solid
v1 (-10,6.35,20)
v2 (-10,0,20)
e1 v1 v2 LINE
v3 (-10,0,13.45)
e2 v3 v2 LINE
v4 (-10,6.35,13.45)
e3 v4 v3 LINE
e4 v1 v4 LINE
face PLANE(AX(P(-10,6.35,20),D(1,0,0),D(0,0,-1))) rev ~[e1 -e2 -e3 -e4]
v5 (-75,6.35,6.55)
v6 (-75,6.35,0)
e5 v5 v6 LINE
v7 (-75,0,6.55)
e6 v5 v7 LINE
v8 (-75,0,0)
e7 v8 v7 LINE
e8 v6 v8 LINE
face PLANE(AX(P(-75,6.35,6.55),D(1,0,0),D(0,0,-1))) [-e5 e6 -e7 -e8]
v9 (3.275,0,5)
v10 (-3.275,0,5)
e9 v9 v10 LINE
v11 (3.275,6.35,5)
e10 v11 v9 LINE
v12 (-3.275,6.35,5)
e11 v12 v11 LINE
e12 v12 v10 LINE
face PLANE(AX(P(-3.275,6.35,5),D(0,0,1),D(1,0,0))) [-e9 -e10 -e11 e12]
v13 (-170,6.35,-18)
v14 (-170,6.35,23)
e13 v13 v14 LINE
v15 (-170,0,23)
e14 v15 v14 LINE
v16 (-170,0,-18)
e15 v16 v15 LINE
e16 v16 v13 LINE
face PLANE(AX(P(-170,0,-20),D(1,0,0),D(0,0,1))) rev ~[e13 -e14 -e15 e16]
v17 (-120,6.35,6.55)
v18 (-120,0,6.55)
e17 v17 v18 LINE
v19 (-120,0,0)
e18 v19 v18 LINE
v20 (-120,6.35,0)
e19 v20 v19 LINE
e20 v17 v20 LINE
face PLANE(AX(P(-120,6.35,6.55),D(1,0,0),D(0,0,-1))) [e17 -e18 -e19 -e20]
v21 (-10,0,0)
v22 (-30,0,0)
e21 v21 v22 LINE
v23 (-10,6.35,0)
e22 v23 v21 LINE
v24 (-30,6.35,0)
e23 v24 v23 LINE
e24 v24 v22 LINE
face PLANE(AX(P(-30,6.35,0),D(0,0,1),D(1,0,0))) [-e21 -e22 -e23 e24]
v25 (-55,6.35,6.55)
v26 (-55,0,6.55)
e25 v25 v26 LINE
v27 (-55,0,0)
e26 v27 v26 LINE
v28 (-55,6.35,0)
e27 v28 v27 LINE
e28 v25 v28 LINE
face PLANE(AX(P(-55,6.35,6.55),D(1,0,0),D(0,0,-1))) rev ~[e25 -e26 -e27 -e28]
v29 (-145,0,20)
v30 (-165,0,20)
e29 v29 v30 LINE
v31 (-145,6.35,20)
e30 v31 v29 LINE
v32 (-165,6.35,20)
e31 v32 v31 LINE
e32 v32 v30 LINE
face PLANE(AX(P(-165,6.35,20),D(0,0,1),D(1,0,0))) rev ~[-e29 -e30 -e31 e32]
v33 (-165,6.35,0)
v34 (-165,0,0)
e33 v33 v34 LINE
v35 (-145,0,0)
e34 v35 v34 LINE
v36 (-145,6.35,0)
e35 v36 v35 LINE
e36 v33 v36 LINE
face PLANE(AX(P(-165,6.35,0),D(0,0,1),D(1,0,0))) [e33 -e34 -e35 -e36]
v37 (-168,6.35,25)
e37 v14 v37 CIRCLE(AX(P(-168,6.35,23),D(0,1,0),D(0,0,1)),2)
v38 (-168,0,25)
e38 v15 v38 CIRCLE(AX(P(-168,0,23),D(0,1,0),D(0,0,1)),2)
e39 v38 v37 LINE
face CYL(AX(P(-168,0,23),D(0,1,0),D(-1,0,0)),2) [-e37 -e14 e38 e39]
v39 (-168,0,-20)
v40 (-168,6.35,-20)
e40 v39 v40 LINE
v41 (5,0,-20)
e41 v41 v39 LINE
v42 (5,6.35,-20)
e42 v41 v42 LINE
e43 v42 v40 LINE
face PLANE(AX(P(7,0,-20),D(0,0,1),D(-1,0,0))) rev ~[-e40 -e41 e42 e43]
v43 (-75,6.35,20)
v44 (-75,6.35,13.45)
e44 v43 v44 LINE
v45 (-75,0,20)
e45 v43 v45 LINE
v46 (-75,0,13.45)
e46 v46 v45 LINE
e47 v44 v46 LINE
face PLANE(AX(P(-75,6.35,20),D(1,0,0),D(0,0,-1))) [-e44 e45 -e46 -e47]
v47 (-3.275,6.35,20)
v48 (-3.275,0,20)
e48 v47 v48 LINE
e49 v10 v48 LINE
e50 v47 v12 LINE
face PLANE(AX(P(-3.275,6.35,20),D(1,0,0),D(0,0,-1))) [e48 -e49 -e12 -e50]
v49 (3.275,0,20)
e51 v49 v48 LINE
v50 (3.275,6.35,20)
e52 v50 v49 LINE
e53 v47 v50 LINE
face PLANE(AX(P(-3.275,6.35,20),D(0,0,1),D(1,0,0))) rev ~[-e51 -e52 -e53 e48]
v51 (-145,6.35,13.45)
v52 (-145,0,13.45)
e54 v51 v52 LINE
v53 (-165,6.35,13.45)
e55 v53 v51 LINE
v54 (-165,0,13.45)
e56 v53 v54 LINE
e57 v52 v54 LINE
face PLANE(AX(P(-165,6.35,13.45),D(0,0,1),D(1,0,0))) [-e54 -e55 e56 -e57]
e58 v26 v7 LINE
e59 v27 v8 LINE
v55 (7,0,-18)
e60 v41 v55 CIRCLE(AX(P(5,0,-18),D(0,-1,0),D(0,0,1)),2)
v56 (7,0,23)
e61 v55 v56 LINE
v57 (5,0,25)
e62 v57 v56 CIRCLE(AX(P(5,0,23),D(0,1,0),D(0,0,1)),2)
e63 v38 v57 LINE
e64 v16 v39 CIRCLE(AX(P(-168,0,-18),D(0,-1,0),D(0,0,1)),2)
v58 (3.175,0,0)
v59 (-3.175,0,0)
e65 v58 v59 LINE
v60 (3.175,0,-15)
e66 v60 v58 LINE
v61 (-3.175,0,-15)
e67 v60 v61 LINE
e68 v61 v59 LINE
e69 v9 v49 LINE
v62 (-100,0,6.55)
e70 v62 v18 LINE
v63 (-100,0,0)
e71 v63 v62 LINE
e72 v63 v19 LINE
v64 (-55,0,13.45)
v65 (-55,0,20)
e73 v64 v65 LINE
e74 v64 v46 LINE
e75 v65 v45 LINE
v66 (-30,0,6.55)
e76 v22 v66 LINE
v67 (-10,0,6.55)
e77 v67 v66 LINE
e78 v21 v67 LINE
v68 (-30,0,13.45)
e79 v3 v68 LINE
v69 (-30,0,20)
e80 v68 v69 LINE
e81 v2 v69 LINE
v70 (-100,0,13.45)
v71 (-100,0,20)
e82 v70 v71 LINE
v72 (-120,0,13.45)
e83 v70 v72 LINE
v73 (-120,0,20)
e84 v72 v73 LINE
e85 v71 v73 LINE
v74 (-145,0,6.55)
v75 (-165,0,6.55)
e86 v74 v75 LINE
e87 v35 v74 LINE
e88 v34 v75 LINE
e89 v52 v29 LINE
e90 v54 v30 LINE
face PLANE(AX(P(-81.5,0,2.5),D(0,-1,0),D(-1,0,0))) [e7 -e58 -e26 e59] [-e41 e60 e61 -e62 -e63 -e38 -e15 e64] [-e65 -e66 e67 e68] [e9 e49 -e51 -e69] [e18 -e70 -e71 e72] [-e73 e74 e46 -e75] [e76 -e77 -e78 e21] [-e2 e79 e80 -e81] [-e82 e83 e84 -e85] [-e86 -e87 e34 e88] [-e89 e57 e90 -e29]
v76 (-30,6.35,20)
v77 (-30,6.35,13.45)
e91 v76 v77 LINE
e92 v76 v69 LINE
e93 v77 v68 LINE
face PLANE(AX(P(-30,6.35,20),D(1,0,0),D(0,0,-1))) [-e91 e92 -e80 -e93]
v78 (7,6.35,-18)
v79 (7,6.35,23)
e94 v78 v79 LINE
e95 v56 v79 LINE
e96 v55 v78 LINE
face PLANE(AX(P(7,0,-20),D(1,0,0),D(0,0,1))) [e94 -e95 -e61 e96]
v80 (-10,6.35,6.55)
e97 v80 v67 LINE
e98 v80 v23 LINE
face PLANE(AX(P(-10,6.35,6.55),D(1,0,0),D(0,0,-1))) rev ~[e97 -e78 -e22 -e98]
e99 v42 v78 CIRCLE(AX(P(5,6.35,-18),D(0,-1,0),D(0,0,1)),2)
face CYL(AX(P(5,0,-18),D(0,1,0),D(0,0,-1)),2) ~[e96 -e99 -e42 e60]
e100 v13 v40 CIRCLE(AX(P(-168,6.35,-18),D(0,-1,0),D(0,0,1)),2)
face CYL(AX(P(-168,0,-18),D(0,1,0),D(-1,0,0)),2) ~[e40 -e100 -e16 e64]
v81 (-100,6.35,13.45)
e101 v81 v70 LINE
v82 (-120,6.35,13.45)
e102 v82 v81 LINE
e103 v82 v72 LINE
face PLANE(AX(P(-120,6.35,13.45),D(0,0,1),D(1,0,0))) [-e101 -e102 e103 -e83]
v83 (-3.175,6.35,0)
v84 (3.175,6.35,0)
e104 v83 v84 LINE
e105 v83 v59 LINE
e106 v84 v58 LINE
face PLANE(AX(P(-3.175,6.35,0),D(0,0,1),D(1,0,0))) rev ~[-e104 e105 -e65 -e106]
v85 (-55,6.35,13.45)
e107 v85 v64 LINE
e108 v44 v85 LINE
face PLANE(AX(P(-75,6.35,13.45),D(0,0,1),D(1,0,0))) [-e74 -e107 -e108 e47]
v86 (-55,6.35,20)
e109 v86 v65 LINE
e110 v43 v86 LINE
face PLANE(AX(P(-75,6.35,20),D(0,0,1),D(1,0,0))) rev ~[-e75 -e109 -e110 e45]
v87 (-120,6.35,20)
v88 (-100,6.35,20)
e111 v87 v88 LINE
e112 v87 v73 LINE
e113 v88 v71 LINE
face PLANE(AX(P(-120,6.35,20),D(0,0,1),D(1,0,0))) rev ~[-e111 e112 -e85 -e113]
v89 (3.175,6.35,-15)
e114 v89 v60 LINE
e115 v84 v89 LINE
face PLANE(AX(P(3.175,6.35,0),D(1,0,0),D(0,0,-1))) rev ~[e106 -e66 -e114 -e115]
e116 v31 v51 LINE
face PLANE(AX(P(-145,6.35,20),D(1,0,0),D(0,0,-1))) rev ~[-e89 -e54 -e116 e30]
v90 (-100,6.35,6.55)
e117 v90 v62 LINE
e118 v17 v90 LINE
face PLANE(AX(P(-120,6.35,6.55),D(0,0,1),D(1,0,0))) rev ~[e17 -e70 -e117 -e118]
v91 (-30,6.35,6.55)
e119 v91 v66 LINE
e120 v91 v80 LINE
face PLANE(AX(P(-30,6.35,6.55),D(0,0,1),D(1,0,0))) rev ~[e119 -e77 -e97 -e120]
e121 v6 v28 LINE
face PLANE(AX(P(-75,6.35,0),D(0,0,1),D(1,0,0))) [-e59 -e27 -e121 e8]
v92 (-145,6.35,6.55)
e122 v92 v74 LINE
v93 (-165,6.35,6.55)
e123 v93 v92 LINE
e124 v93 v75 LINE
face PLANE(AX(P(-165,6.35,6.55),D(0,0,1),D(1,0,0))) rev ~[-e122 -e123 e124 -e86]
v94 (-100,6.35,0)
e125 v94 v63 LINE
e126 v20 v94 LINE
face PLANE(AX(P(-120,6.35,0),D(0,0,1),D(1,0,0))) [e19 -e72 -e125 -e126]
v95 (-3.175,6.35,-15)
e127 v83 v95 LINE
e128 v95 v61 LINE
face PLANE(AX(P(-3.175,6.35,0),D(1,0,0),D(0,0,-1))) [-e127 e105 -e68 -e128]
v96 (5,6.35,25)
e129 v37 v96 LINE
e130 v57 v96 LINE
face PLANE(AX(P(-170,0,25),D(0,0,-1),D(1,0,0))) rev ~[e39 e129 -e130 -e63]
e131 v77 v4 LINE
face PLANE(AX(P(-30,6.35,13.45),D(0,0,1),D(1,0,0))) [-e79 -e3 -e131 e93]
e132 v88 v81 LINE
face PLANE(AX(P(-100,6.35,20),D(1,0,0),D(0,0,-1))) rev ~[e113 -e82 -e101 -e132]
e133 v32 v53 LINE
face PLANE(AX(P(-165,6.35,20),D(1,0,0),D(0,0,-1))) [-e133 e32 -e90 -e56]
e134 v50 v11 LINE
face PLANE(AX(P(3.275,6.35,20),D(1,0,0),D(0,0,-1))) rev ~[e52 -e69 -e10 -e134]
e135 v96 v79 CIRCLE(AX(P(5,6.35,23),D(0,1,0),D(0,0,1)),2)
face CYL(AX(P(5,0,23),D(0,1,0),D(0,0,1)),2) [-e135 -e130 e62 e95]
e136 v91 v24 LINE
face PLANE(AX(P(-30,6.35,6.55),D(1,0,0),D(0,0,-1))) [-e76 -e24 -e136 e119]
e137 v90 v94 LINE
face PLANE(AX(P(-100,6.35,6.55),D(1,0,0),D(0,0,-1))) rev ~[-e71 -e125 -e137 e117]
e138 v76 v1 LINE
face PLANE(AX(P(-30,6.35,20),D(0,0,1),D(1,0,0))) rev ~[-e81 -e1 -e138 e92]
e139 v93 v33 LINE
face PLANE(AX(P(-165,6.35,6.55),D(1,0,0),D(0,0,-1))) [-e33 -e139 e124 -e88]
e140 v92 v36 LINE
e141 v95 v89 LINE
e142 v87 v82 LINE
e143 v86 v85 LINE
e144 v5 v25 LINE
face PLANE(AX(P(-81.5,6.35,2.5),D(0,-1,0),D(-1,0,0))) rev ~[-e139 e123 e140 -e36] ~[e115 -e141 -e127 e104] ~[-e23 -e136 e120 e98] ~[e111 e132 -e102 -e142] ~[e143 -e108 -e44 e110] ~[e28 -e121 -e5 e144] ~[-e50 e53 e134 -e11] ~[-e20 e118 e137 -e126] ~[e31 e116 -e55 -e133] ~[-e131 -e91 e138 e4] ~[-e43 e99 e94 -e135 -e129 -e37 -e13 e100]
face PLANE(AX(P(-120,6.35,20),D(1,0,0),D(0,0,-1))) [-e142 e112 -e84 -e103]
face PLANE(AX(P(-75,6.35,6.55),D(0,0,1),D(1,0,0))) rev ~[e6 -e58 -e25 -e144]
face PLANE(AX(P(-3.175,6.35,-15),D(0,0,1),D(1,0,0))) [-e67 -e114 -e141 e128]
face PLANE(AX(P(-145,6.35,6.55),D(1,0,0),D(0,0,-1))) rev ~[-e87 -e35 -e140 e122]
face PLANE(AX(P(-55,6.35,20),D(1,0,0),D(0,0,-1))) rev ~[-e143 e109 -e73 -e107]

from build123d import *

# Parameters (mm, degrees)
BOSS_EXTRUDE1_DEPTH = 6.35
SKETCH2_W           = 20
SKETCH2_H           = 6.55
CUT_EXTRUDE1_DEPTH  = 172.94569637
SKETCH4_W           = 6.55
SKETCH4_H           = 15
SKETCH4_W_2         = 6.35
CUT_EXTRUDE2_DEPTH  = 172.94569637
FILLET1_R           = 2


with BuildPart() as part:
    # Sketch1 → Boss-Extrude1 (new body)
    with BuildSketch(Plane(origin=(0, 0, 0), x_dir=(1, 0, 0), z_dir=(0, 1, 0))):
        Polygon((-170, 0), (-170, 20), (0, 20), (7, 20), (7, -25), (0, -25), (-170, -25), align=None)
    extrude(amount=BOSS_EXTRUDE1_DEPTH)

    # Sketch2 → Cut-Extrude1 (cut, through all)
    with BuildSketch(Plane(origin=(0, 6.35, 0), x_dir=(1, 0, 0), z_dir=(0, 1, 0))):
        with Locations((-110, -16.725)):
            Rectangle(SKETCH2_W, SKETCH2_H)
        with Locations((-155, -16.725)):
            Rectangle(SKETCH2_W, SKETCH2_H)
        with Locations((-65, -16.725)):
            Rectangle(SKETCH2_W, SKETCH2_H)
        with Locations((-20, -16.725)):
            Rectangle(SKETCH2_W, SKETCH2_H)
        with Locations((-110, -3.275)):
            Rectangle(SKETCH2_W, SKETCH2_H)
        with Locations((-155, -3.275)):
            Rectangle(SKETCH2_W, SKETCH2_H)
        with Locations((-65, -3.275)):
            Rectangle(SKETCH2_W, SKETCH2_H)
        with Locations((-20, -3.275)):
            Rectangle(SKETCH2_W, SKETCH2_H)
    extrude(amount=-CUT_EXTRUDE1_DEPTH, mode=Mode.SUBTRACT)

    # Sketch4 → Cut-Extrude2 (cut, through all)
    with BuildSketch(Plane(origin=(0, 6.35, 0), x_dir=(1, 0, 0), z_dir=(0, 1, 0))):
        with Locations((0, -12.5)):
            Rectangle(SKETCH4_W, SKETCH4_H)
        with Locations((0, 7.5)):
            Rectangle(SKETCH4_W_2, SKETCH4_H)
    extrude(amount=-CUT_EXTRUDE2_DEPTH, mode=Mode.SUBTRACT)

    # Fillet1
    fillet1_edges = [part.edges().sort_by_distance(p)[0] for p in [
        (7, 3.175, -20),
        (7, 3.175, 25),
        (-170, 3.175, 25),
        (-170, 3.175, -20),
    ]]
    fillet(fillet1_edges, radius=FILLET1_R)


solid = part.part
